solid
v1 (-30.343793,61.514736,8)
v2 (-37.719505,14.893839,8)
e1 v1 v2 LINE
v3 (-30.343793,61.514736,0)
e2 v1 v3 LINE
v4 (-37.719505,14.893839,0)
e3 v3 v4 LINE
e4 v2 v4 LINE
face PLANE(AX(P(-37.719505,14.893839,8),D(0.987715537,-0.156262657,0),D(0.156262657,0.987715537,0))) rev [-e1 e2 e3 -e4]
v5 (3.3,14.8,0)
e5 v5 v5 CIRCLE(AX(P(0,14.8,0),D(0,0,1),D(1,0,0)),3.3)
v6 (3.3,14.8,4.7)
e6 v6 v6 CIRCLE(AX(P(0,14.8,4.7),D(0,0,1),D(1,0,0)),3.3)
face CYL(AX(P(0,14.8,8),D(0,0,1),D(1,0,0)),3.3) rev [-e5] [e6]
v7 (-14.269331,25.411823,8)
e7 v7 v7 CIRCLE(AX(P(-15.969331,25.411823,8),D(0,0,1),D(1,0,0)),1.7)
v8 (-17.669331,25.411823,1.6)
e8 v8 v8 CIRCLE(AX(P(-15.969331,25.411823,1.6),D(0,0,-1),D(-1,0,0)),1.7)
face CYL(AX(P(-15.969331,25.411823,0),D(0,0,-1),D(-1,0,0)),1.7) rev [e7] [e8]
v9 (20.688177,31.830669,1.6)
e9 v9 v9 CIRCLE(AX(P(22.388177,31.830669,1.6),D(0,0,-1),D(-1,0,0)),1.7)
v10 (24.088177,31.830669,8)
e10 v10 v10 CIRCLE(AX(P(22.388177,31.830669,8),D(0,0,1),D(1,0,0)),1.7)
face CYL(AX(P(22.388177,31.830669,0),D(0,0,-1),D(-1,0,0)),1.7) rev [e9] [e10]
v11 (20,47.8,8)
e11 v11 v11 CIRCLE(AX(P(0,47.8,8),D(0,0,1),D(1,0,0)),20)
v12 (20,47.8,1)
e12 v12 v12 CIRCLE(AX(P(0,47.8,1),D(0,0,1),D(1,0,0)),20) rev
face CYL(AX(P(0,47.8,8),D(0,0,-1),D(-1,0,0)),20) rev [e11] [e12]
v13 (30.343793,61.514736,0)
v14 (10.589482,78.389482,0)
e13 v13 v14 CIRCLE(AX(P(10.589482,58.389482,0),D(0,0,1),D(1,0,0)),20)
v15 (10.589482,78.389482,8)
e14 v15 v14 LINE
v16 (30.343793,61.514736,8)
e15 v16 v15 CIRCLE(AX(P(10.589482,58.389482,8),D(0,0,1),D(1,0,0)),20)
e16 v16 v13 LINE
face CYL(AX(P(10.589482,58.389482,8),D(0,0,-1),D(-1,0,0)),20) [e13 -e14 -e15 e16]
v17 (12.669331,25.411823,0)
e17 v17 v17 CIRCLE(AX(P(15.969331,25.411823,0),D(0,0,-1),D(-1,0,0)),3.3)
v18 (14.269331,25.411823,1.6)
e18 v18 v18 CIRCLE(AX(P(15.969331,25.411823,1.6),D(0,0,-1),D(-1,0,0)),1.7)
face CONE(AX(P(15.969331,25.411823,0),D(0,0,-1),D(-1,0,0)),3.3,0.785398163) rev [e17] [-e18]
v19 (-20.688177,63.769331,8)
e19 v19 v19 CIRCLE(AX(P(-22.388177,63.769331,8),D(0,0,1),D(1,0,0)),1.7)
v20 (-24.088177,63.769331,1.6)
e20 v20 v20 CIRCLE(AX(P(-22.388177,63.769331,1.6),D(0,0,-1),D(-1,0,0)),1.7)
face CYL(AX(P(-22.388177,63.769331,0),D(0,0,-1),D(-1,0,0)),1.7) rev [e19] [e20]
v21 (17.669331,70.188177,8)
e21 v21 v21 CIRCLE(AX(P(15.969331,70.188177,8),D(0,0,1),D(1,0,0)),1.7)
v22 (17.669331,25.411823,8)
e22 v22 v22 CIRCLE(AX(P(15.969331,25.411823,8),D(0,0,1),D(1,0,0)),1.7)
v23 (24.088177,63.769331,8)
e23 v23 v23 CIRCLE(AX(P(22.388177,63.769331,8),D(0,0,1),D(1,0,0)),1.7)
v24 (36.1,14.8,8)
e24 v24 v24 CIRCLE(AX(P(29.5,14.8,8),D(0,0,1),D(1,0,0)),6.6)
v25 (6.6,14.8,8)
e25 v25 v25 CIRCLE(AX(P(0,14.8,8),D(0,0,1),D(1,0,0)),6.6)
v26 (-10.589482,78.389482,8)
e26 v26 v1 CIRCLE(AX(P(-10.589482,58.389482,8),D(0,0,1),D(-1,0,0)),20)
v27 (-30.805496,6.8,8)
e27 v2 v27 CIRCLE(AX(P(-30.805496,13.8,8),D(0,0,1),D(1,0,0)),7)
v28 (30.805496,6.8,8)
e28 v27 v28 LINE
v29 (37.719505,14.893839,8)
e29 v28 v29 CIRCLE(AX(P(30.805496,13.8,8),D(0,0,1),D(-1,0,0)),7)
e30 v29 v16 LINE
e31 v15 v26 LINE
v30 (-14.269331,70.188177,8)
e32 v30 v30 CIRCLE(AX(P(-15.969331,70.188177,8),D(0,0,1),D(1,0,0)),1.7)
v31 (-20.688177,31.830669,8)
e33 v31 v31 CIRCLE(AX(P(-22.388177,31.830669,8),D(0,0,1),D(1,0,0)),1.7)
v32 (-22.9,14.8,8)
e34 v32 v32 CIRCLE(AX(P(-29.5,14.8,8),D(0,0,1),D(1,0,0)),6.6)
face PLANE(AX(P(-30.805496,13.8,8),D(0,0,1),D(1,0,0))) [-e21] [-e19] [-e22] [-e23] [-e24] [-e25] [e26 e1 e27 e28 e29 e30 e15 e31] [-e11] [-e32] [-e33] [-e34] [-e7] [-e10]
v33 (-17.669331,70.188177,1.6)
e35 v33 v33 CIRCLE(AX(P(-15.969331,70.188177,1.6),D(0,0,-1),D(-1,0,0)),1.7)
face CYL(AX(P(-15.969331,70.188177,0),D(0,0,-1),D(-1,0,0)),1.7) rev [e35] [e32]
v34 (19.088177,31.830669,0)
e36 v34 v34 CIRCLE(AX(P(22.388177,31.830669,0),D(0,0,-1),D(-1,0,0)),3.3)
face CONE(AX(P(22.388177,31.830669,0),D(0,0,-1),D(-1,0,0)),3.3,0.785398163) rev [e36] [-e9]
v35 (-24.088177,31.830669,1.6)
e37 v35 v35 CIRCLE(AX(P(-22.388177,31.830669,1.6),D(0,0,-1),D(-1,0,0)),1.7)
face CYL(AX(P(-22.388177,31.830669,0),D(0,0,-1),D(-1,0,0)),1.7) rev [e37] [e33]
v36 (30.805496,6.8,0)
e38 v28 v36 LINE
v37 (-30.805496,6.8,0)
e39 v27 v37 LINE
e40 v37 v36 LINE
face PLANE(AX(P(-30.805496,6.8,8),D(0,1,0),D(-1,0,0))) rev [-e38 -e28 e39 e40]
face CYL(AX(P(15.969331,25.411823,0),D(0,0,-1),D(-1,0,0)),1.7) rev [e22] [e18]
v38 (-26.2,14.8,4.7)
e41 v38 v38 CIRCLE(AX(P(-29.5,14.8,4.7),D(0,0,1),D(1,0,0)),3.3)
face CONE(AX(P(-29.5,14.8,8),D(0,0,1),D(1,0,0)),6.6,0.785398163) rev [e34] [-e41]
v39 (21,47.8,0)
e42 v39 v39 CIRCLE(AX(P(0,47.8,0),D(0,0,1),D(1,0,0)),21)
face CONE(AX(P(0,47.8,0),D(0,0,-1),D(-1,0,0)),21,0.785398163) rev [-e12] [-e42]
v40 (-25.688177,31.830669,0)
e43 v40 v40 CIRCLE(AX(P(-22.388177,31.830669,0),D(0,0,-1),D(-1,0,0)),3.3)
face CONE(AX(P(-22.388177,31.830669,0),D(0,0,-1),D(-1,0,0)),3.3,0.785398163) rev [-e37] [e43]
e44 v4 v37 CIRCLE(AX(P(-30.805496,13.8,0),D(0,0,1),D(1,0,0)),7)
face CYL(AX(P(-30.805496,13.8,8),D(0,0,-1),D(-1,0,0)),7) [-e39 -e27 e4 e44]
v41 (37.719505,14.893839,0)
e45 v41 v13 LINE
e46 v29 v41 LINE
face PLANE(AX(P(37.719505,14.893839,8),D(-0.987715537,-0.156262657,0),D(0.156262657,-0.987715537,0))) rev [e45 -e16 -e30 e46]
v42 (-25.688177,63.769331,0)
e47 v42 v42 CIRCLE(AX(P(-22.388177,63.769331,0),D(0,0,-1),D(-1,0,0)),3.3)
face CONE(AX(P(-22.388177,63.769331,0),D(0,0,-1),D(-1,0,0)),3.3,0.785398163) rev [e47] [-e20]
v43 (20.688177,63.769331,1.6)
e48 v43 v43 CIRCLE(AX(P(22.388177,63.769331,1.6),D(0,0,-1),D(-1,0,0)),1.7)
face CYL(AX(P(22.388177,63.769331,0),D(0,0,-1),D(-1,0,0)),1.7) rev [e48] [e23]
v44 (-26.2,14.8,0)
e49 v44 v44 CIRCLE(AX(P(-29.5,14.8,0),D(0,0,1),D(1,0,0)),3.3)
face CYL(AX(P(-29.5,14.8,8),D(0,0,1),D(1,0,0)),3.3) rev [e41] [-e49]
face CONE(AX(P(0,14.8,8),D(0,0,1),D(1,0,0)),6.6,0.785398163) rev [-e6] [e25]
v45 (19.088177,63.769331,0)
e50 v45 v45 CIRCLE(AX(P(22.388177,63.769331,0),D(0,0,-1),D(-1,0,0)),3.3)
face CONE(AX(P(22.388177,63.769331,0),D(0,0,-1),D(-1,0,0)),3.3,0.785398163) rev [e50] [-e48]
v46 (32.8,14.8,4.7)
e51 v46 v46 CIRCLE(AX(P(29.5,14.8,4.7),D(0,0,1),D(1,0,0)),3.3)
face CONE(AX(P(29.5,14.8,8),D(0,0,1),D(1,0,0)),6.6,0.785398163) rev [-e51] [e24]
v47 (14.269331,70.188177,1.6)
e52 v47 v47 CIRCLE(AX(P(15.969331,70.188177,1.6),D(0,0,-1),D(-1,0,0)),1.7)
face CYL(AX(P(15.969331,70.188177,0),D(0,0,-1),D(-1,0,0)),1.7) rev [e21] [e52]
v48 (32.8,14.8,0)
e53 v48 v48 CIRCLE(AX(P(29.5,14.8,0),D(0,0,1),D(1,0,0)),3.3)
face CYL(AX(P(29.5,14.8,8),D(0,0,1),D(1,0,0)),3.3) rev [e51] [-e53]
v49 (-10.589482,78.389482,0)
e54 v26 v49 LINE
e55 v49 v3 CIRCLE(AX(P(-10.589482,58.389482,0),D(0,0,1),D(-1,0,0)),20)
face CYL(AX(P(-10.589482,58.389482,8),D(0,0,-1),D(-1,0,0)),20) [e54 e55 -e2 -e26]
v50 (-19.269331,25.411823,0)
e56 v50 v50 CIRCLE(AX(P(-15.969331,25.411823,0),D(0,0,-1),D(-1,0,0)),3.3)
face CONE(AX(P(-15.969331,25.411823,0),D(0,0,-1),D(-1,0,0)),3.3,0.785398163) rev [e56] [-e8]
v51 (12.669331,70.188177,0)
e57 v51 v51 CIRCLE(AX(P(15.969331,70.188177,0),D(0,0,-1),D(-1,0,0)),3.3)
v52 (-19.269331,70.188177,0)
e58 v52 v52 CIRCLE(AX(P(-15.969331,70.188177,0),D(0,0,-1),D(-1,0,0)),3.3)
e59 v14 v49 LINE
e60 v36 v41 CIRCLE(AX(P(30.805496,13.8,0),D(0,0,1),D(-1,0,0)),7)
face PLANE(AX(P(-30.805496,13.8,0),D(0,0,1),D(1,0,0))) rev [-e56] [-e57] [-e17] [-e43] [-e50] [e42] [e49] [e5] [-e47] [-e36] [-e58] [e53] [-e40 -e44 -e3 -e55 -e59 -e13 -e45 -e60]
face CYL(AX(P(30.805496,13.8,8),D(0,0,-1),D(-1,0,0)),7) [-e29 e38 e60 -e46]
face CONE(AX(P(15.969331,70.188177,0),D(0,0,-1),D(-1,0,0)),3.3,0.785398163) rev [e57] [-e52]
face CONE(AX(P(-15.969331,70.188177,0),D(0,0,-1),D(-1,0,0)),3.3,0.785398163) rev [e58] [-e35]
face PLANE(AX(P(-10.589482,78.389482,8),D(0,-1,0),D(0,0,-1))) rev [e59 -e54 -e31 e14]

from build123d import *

# Parameters (mm, degrees)
SKETCH_1_R                = 20
SKETCH_1_R_2              = 1.5
SKETCH_1_R_3              = 3
EXTRUDE_1_DEPTH           = 8
HOLE_WIZARD_1_D           = 3.4
HOLE_WIZARD_1_DEPTH       = 8.1
HOLE_WIZARD_1_CSINK_D     = 6.6
HOLE_WIZARD_1_CSINK_ANGLE = 90
HOLE_WIZARD_1_TIP         = 1.021463052
HOLE_WIZARD_2_D           = 6.6
HOLE_WIZARD_2_DEPTH       = 8.1
HOLE_WIZARD_2_CSINK_D     = 13.2
HOLE_WIZARD_2_CSINK_ANGLE = 90
HOLE_WIZARD_2_TIP         = 1.982840043
CHAMFER_1_SIZE            = 1


with BuildPart() as part:
    # 草图1 → 凸台-拉伸1 (new body)
    with BuildSketch(Plane.XY):
        with BuildLine():
            Line((-37.719505087, 14.893838596), (-30.34379321, 61.5147356))
            ThreePointArc((-30.34379321, 61.5147356), (-23.579766095, 73.596472023), (-10.589482469, 78.389482469))
            Line((-10.589482469, 78.389482469), (10.589482469, 78.389482469))
            ThreePointArc((10.589482469, 78.389482469), (23.579766095, 73.596472023), (30.34379321, 61.5147356))
            Line((30.34379321, 61.5147356), (37.719505087, 14.893838596))
            ThreePointArc((37.719505087, 14.893838596), (36.127942671, 9.253400731), (30.805496327, 6.8))
            Line((30.805496327, 6.8), (-30.805496327, 6.8))
            ThreePointArc((-30.805496327, 6.8), (-36.127942671, 9.253400731), (-37.719505087, 14.893838596))
        make_face()
        with Locations((0, 47.8)):
            Circle(SKETCH_1_R, mode=Mode.SUBTRACT)
        with Locations((-15.969331282, 70.188176755)):
            Circle(SKETCH_1_R_2, mode=Mode.SUBTRACT)
        with Locations((-22.388176755, 63.769331282)):
            Circle(SKETCH_1_R_2, mode=Mode.SUBTRACT)
        with Locations((-22.388176755, 31.830668718)):
            Circle(SKETCH_1_R_2, mode=Mode.SUBTRACT)
        with Locations((-15.969331282, 25.411823245)):
            Circle(SKETCH_1_R_2, mode=Mode.SUBTRACT)
        with Locations((15.969331282, 25.411823245)):
            Circle(SKETCH_1_R_2, mode=Mode.SUBTRACT)
        with Locations((22.388176755, 31.830668718)):
            Circle(SKETCH_1_R_2, mode=Mode.SUBTRACT)
        with Locations((22.388176755, 63.769331282)):
            Circle(SKETCH_1_R_2, mode=Mode.SUBTRACT)
        with Locations((15.969331282, 70.188176755)):
            Circle(SKETCH_1_R_2, mode=Mode.SUBTRACT)
        with Locations((-29.5, 14.8)):
            Circle(SKETCH_1_R_3, mode=Mode.SUBTRACT)
        with Locations((0, 14.8)):
            Circle(SKETCH_1_R_3, mode=Mode.SUBTRACT)
        with Locations((29.5, 14.8)):
            Circle(SKETCH_1_R_3, mode=Mode.SUBTRACT)
    extrude(amount=EXTRUDE_1_DEPTH)

    # 打孔尺寸(%根据十字)槽沉头木螺钉的类型1
    with Locations(Plane(origin=(0, 0, 0), x_dir=(-1, 0, 0), z_dir=(0, 0, -1))):
        with Locations((-22.388176755, 63.769331282), (-15.969331282, 70.188176755), (15.969331282, 70.188176755), (22.388176755, 63.769331282), (-22.388176755, 31.830668718), (-15.969331282, 25.411823245), (15.969331282, 25.411823245), (22.388176755, 31.830668718)):
            CounterSinkHole(HOLE_WIZARD_1_D / 2, HOLE_WIZARD_1_CSINK_D / 2, depth=HOLE_WIZARD_1_DEPTH, counter_sink_angle=HOLE_WIZARD_1_CSINK_ANGLE)
            with Locations((0, 0, -(HOLE_WIZARD_1_DEPTH + HOLE_WIZARD_1_TIP / 2))):  # 118° drill point
                Cone(0, HOLE_WIZARD_1_D / 2, HOLE_WIZARD_1_TIP, mode=Mode.SUBTRACT)

    # 打孔尺寸(%根据十字)槽沉头木螺钉的类型2
    with Locations(Plane.XY.offset(8)):
        with Locations((29.5, 14.8), (0, 14.8), (-29.5, 14.8)):
            CounterSinkHole(HOLE_WIZARD_2_D / 2, HOLE_WIZARD_2_CSINK_D / 2, depth=HOLE_WIZARD_2_DEPTH, counter_sink_angle=HOLE_WIZARD_2_CSINK_ANGLE)
            with Locations((0, 0, -(HOLE_WIZARD_2_DEPTH + HOLE_WIZARD_2_TIP / 2))):  # 118° drill point
                Cone(0, HOLE_WIZARD_2_D / 2, HOLE_WIZARD_2_TIP, mode=Mode.SUBTRACT)

    # 倒角1
    chamfer_1_edges = [part.edges().sort_by_distance(p)[0] for p in [
        (-20, 47.8, 0),
    ]]
    chamfer(chamfer_1_edges, length=CHAMFER_1_SIZE)


solid = part.part
